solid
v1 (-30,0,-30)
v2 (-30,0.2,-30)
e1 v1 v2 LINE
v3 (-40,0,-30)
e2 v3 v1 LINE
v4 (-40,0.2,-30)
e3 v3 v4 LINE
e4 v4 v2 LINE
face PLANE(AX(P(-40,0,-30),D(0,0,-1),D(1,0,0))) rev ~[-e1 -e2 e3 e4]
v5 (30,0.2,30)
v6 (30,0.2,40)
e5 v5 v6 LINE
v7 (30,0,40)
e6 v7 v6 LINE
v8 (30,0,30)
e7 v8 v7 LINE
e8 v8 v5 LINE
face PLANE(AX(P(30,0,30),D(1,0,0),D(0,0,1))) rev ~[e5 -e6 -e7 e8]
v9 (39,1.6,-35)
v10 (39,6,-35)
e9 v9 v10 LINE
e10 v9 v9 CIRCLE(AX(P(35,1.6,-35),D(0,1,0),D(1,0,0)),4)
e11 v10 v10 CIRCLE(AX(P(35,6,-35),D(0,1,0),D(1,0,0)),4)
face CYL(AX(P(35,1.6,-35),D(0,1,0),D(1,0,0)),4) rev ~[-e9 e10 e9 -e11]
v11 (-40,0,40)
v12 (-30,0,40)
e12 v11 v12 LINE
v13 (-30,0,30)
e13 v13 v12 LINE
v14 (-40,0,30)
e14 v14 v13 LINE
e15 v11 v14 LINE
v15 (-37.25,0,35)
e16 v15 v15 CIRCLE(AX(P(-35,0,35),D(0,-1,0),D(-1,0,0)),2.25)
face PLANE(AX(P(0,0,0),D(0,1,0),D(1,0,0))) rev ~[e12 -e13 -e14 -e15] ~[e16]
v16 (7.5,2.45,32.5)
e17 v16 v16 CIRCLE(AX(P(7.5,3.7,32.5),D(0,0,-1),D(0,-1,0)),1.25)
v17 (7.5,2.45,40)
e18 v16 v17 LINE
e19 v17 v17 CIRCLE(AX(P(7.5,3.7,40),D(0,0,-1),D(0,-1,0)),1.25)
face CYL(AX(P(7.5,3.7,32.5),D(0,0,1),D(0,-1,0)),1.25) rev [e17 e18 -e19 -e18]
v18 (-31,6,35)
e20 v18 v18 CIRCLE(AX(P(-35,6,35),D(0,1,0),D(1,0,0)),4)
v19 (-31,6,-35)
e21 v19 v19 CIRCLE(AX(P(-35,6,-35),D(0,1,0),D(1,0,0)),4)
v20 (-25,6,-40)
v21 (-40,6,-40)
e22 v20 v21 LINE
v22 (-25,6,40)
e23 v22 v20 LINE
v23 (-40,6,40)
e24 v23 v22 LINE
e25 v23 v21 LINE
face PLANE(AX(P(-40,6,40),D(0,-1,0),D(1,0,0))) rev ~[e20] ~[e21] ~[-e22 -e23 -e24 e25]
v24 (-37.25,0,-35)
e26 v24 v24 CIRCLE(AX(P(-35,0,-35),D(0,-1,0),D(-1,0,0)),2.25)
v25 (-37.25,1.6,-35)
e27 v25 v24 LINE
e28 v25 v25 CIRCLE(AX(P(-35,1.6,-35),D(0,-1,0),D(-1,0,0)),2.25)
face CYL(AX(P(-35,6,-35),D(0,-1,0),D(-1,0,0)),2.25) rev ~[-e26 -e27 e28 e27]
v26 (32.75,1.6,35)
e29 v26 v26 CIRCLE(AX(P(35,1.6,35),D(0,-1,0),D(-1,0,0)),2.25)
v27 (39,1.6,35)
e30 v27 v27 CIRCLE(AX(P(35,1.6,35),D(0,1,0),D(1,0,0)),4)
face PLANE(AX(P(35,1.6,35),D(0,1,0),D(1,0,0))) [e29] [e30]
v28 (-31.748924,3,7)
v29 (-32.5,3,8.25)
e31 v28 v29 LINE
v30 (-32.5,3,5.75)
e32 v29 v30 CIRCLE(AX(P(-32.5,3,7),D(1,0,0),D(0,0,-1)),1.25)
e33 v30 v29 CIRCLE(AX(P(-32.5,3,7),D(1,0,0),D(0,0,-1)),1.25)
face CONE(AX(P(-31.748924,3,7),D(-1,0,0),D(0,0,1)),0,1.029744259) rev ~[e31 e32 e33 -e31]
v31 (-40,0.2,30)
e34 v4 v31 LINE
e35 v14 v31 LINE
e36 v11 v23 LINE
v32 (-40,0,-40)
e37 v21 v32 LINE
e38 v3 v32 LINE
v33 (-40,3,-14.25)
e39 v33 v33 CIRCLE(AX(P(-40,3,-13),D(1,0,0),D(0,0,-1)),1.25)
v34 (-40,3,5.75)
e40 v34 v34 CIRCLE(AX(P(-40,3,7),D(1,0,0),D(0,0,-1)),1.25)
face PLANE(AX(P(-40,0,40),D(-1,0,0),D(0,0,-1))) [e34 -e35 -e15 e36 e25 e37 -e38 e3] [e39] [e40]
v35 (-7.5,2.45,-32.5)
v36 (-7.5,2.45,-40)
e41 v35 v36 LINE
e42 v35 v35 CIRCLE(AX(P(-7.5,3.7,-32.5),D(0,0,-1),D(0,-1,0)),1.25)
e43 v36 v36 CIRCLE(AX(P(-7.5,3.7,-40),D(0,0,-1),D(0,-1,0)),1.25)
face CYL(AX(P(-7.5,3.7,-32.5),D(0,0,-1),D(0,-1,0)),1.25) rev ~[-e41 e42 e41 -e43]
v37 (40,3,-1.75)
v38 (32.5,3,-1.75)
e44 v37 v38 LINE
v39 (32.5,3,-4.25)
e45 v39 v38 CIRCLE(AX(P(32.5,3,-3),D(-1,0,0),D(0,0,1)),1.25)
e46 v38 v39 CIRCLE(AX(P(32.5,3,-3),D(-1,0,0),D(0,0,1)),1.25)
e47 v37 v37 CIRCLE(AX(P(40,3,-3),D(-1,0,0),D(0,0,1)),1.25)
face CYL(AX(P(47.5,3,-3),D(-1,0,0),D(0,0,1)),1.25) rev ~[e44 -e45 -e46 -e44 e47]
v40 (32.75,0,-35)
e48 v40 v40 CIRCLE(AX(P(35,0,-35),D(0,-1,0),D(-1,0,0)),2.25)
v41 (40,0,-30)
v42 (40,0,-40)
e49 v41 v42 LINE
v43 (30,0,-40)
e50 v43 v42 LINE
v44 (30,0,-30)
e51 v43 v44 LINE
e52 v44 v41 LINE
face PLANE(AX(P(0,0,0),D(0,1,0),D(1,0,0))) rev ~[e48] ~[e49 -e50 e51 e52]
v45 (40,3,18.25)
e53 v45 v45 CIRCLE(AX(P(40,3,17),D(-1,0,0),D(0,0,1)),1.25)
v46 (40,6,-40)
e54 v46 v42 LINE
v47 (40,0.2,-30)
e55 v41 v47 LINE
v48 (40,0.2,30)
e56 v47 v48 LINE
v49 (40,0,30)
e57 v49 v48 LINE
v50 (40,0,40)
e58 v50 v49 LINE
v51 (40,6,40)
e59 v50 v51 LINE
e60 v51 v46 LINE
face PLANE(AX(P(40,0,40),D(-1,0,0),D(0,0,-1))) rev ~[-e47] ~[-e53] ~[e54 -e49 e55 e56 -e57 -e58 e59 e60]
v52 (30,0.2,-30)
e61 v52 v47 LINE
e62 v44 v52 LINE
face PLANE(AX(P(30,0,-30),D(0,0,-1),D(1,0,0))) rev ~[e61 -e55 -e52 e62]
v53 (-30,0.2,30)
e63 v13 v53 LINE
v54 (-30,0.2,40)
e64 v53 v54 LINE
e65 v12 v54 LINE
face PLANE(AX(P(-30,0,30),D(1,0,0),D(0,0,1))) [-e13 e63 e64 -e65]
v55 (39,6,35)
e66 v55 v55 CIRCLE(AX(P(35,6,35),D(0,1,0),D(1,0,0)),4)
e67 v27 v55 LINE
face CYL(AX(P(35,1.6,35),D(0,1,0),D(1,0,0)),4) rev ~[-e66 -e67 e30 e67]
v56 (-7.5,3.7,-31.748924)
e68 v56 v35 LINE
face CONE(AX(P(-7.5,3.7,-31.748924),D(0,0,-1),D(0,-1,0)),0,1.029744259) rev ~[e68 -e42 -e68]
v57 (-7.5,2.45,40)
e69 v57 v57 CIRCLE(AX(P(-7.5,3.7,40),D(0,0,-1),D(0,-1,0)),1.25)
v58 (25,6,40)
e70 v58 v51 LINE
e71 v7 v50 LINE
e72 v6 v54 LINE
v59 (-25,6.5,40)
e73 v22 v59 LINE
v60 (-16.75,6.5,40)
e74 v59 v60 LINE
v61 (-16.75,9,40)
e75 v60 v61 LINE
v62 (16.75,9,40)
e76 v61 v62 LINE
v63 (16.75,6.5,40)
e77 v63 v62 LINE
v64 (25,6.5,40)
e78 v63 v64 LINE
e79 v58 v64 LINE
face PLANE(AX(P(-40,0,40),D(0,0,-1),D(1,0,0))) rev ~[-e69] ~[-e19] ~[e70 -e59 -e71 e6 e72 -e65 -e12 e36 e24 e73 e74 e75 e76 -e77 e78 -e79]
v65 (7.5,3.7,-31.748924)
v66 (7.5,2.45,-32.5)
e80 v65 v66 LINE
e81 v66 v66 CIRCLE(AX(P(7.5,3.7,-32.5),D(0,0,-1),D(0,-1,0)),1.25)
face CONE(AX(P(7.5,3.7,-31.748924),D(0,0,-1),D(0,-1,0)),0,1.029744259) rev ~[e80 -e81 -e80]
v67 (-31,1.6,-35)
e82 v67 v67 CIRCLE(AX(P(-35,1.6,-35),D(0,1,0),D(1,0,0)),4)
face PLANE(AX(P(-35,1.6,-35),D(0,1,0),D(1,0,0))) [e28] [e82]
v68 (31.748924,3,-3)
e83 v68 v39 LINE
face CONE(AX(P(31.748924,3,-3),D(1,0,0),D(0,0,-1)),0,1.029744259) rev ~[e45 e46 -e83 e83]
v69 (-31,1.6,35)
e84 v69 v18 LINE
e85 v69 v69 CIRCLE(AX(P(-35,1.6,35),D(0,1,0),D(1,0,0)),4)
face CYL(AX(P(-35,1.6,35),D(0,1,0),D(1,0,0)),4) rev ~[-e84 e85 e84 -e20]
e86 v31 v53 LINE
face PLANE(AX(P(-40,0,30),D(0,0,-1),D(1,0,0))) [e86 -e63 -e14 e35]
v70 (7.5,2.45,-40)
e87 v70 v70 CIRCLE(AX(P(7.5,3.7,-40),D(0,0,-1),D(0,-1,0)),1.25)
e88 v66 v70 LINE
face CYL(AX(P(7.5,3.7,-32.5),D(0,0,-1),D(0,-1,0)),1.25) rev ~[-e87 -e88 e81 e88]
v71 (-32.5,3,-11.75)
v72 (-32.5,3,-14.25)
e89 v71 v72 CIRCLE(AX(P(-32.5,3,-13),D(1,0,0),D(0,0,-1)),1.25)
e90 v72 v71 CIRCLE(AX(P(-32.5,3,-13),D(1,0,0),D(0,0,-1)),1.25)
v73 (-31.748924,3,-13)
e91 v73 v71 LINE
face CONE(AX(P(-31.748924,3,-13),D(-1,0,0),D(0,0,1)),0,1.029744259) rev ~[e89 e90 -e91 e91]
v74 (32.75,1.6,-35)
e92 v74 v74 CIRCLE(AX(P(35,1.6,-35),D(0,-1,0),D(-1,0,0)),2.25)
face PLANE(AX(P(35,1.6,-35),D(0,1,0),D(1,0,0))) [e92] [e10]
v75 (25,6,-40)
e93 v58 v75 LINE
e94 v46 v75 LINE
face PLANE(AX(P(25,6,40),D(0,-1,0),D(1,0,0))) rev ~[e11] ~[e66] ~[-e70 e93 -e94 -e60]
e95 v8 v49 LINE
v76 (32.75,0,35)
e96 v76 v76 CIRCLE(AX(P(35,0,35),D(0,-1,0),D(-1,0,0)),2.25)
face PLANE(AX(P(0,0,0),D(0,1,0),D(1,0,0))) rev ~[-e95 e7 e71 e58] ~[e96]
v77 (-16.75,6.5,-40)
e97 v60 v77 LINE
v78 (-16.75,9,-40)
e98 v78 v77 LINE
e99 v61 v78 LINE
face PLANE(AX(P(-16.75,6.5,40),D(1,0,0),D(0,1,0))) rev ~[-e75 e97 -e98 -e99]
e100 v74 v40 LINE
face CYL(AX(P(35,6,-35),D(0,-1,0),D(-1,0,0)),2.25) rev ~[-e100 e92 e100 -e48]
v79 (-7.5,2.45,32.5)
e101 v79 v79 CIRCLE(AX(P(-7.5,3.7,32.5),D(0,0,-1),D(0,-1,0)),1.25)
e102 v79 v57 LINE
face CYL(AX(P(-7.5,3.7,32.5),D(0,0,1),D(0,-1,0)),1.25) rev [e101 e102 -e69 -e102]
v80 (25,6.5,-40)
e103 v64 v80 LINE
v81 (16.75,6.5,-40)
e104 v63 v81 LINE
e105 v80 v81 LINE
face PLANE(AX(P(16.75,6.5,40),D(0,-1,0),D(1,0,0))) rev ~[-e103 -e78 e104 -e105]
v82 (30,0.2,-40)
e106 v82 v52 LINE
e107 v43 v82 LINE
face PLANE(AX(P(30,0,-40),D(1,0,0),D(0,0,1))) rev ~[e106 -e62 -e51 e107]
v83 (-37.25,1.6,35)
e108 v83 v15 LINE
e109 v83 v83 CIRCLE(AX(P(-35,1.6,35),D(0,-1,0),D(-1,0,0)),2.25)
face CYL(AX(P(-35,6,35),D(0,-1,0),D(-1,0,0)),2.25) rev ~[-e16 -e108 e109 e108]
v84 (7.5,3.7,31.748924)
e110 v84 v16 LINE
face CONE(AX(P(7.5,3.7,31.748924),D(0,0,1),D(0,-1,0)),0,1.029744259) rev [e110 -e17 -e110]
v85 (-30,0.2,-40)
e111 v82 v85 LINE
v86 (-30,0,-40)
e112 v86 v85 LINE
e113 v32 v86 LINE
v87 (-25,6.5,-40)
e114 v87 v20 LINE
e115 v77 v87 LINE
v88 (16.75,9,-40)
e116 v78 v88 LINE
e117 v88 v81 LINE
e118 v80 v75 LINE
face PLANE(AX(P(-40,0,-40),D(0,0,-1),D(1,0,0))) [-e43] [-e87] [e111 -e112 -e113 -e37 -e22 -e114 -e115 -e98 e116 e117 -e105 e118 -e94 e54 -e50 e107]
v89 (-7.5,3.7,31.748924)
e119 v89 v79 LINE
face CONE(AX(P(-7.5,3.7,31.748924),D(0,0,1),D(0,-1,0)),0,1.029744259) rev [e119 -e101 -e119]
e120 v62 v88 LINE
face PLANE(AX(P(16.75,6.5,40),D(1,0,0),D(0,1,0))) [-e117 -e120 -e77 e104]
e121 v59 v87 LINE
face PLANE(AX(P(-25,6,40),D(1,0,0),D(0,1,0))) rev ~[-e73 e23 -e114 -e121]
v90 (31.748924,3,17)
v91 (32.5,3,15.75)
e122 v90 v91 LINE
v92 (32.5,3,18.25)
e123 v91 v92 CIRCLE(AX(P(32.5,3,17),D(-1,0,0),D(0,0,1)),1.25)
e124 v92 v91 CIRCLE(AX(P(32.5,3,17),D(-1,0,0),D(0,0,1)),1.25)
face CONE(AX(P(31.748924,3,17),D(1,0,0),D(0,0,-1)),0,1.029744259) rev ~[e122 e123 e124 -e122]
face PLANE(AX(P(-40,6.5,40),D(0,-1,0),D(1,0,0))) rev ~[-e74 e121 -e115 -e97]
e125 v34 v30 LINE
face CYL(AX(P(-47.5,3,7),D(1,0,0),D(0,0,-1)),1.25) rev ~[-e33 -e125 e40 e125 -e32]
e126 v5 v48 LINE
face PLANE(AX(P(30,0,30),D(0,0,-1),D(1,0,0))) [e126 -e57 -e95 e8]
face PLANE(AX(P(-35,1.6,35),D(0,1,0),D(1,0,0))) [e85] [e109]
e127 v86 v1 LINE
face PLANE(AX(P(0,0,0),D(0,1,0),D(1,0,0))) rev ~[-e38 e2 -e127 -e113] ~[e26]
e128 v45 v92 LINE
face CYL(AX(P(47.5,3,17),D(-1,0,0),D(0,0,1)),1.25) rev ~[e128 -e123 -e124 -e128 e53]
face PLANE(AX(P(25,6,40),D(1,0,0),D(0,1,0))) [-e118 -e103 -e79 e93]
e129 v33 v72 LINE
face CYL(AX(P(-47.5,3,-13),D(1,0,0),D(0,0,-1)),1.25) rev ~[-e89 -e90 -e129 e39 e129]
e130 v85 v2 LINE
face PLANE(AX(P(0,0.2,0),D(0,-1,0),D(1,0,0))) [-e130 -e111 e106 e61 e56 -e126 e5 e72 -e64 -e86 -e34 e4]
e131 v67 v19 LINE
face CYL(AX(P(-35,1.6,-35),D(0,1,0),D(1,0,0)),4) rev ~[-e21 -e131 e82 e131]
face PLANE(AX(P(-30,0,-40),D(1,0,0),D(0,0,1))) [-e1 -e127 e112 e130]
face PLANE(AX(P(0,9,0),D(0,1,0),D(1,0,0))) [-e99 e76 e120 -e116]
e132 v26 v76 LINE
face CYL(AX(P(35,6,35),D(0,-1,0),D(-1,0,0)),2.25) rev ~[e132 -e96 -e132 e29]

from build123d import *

# Parameters (mm, degrees)
SKETCH_1_W                  = 80
SKETCH_1_H                  = 80
EXTRUDE_1_DEPTH             = 9
SKETCH_2_W                  = 23.25
SKETCH_2_H                  = 2.5
CUT_EXTRUDE_1_DEPTH         = 90.894382472
SKETCH_10_W                 = 15
SKETCH_10_H                 = 0.5
CUT_EXTRUDE_3_DEPTH         = 90.894382472
HOLE_WIZARD_1_D             = 4.5
HOLE_WIZARD_1_CBORE_D       = 8
HOLE_WIZARD_1_CBORE_DEPTH   = 4.4
HOLE_WIZARD_M3_1_D          = 2.5
HOLE_WIZARD_M3_1_DEPTH      = 7.5
HOLE_WIZARD_M3_1_TIP        = 0.751075774
HOLE_WIZARD_M3_2_D          = 2.5
HOLE_WIZARD_M3_2_DEPTH      = 7.5
HOLE_WIZARD_M3_2_TIP        = 0.751075774
SKETCH_5_OUTSIDE_W          = 104.698
SKETCH_5_OUTSIDE_H          = 104.698
SKETCH_5_OUTSIDE_W_2        = 10
SKETCH_5_OUTSIDE_H_2        = 10
CUT_EXTRUDE_2_DEPTH         = 0.2
HOLE_WIZARD_M3_3_AT_2_COUNT = 2
HOLE_WIZARD_M3_3_AT_2_PITCH = 15


with BuildPart() as part:
    # 草图1 → 凸台-拉伸1 (new body)
    with BuildSketch(Plane(origin=(0, 0, 0), x_dir=(1, 0, 0), z_dir=(0, 1, 0))):
        Rectangle(SKETCH_1_W, SKETCH_1_H)
    extrude(amount=EXTRUDE_1_DEPTH)

    # 草图2 → 切除-拉伸1 (cut, through all)
    with BuildSketch(Plane.XY.offset(40)):
        with Locations((28.375, 7.75)):
            Rectangle(SKETCH_2_W, SKETCH_2_H)
        with Locations((-28.375, 7.75)):
            Rectangle(SKETCH_2_W, SKETCH_2_H)
    extrude(amount=-CUT_EXTRUDE_1_DEPTH, mode=Mode.SUBTRACT)

    # 草图10 → 切除-拉伸3 (cut, through all)
    with BuildSketch(Plane.XY.offset(40)):
        with Locations((32.5, 6.25)):
            Rectangle(SKETCH_10_W, SKETCH_10_H)
        with Locations((-32.5, 6.25)):
            Rectangle(SKETCH_10_W, SKETCH_10_H)
    extrude(amount=-CUT_EXTRUDE_3_DEPTH, mode=Mode.SUBTRACT)

    # 打孔尺寸根据内六角圆柱头螺钉的类型1 (through all)
    with Locations(Plane(origin=(-39.335611713, 6, 5.280516917), x_dir=(1, 0, 0), z_dir=(0, 1, 0))):
        with Locations((4.335611713, 40.280516917), (74.335611713, 40.280516917), (74.335611713, -29.719483083), (4.335611713, -29.719483083)):
            CounterBoreHole(HOLE_WIZARD_1_D / 2, HOLE_WIZARD_1_CBORE_D / 2, HOLE_WIZARD_1_CBORE_DEPTH)

    # M3 螺纹孔1
    with Locations(Plane.ZY.offset(40)):
        with Locations((7, 3), (-13, 3)):
            Hole(HOLE_WIZARD_M3_1_D / 2, depth=HOLE_WIZARD_M3_1_DEPTH)
            with Locations((0, 0, -(HOLE_WIZARD_M3_1_DEPTH + HOLE_WIZARD_M3_1_TIP / 2))):  # 118° drill point
                Cone(0, HOLE_WIZARD_M3_1_D / 2, HOLE_WIZARD_M3_1_TIP, mode=Mode.SUBTRACT)

    # M3 螺纹孔2
    with Locations(Plane(origin=(40, 0, 0), x_dir=(0, 0, -1), z_dir=(1, 0, 0))):
        with Locations((3, 3), (-17, 3)):
            Hole(HOLE_WIZARD_M3_2_D / 2, depth=HOLE_WIZARD_M3_2_DEPTH)
            with Locations((0, 0, -(HOLE_WIZARD_M3_2_DEPTH + HOLE_WIZARD_M3_2_TIP / 2))):  # 118° drill point
                Cone(0, HOLE_WIZARD_M3_2_D / 2, HOLE_WIZARD_M3_2_TIP, mode=Mode.SUBTRACT)

    # 草图5 outside → 切除-拉伸2 (cut)
    with BuildSketch(Plane.XZ):
        Rectangle(SKETCH_5_OUTSIDE_W, SKETCH_5_OUTSIDE_H)
        with Locations((35, 35)):
            Rectangle(SKETCH_5_OUTSIDE_W_2, SKETCH_5_OUTSIDE_H_2, mode=Mode.SUBTRACT)
        with Locations((-35, 35)):
            Rectangle(SKETCH_5_OUTSIDE_W_2, SKETCH_5_OUTSIDE_H_2, mode=Mode.SUBTRACT)
        with Locations((35, -35)):
            Rectangle(SKETCH_5_OUTSIDE_W_2, SKETCH_5_OUTSIDE_H_2, mode=Mode.SUBTRACT)
        with Locations((-35, -35)):
            Rectangle(SKETCH_5_OUTSIDE_W_2, SKETCH_5_OUTSIDE_H_2, mode=Mode.SUBTRACT)
    extrude(amount=-CUT_EXTRUDE_2_DEPTH, mode=Mode.SUBTRACT)

    # 草图11 → M3 螺纹孔3 (revolve, cut)
    with BuildSketch(Plane(origin=(-7.5, 3.7, 40), x_dir=(0, -1, 0), z_dir=(1, 0, 0))):
        Polygon((0, 0), (0, 8.251075774), (1.25, 7.5), (1.25, 0), align=None)
    hole_wizard_m3_3 = revolve(axis=Axis((-7.5, 3.7, 46.35), (0, 0, -1)), mode=Mode.SUBTRACT)

    # M3 螺纹孔3 at 2: M3 螺纹孔3 ×2
    with Locations(*[(i * HOLE_WIZARD_M3_3_AT_2_PITCH, 0, 0) for i in range(1, HOLE_WIZARD_M3_3_AT_2_COUNT)]):
        add(hole_wizard_m3_3, mode=Mode.SUBTRACT)

    # 镜向1: M3 螺纹孔3 across plane
    add(hole_wizard_m3_3.mirror(Plane.XY), mode=Mode.SUBTRACT)

    # 镜向1 copy 1 sketch → 镜向1 copy 1 (revolve, cut)
    with BuildSketch(Plane(origin=(7.5, 3.7, -40), x_dir=(0, -1, 0), z_dir=(1, 0, 0))):
        Polygon((0, 0), (0, -8.251075774), (1.25, -7.5), (1.25, 0), align=None)
    revolve(axis=Axis((7.5, 3.7, -46.35), (0, 0, -1)), mode=Mode.SUBTRACT)


solid = part.part
